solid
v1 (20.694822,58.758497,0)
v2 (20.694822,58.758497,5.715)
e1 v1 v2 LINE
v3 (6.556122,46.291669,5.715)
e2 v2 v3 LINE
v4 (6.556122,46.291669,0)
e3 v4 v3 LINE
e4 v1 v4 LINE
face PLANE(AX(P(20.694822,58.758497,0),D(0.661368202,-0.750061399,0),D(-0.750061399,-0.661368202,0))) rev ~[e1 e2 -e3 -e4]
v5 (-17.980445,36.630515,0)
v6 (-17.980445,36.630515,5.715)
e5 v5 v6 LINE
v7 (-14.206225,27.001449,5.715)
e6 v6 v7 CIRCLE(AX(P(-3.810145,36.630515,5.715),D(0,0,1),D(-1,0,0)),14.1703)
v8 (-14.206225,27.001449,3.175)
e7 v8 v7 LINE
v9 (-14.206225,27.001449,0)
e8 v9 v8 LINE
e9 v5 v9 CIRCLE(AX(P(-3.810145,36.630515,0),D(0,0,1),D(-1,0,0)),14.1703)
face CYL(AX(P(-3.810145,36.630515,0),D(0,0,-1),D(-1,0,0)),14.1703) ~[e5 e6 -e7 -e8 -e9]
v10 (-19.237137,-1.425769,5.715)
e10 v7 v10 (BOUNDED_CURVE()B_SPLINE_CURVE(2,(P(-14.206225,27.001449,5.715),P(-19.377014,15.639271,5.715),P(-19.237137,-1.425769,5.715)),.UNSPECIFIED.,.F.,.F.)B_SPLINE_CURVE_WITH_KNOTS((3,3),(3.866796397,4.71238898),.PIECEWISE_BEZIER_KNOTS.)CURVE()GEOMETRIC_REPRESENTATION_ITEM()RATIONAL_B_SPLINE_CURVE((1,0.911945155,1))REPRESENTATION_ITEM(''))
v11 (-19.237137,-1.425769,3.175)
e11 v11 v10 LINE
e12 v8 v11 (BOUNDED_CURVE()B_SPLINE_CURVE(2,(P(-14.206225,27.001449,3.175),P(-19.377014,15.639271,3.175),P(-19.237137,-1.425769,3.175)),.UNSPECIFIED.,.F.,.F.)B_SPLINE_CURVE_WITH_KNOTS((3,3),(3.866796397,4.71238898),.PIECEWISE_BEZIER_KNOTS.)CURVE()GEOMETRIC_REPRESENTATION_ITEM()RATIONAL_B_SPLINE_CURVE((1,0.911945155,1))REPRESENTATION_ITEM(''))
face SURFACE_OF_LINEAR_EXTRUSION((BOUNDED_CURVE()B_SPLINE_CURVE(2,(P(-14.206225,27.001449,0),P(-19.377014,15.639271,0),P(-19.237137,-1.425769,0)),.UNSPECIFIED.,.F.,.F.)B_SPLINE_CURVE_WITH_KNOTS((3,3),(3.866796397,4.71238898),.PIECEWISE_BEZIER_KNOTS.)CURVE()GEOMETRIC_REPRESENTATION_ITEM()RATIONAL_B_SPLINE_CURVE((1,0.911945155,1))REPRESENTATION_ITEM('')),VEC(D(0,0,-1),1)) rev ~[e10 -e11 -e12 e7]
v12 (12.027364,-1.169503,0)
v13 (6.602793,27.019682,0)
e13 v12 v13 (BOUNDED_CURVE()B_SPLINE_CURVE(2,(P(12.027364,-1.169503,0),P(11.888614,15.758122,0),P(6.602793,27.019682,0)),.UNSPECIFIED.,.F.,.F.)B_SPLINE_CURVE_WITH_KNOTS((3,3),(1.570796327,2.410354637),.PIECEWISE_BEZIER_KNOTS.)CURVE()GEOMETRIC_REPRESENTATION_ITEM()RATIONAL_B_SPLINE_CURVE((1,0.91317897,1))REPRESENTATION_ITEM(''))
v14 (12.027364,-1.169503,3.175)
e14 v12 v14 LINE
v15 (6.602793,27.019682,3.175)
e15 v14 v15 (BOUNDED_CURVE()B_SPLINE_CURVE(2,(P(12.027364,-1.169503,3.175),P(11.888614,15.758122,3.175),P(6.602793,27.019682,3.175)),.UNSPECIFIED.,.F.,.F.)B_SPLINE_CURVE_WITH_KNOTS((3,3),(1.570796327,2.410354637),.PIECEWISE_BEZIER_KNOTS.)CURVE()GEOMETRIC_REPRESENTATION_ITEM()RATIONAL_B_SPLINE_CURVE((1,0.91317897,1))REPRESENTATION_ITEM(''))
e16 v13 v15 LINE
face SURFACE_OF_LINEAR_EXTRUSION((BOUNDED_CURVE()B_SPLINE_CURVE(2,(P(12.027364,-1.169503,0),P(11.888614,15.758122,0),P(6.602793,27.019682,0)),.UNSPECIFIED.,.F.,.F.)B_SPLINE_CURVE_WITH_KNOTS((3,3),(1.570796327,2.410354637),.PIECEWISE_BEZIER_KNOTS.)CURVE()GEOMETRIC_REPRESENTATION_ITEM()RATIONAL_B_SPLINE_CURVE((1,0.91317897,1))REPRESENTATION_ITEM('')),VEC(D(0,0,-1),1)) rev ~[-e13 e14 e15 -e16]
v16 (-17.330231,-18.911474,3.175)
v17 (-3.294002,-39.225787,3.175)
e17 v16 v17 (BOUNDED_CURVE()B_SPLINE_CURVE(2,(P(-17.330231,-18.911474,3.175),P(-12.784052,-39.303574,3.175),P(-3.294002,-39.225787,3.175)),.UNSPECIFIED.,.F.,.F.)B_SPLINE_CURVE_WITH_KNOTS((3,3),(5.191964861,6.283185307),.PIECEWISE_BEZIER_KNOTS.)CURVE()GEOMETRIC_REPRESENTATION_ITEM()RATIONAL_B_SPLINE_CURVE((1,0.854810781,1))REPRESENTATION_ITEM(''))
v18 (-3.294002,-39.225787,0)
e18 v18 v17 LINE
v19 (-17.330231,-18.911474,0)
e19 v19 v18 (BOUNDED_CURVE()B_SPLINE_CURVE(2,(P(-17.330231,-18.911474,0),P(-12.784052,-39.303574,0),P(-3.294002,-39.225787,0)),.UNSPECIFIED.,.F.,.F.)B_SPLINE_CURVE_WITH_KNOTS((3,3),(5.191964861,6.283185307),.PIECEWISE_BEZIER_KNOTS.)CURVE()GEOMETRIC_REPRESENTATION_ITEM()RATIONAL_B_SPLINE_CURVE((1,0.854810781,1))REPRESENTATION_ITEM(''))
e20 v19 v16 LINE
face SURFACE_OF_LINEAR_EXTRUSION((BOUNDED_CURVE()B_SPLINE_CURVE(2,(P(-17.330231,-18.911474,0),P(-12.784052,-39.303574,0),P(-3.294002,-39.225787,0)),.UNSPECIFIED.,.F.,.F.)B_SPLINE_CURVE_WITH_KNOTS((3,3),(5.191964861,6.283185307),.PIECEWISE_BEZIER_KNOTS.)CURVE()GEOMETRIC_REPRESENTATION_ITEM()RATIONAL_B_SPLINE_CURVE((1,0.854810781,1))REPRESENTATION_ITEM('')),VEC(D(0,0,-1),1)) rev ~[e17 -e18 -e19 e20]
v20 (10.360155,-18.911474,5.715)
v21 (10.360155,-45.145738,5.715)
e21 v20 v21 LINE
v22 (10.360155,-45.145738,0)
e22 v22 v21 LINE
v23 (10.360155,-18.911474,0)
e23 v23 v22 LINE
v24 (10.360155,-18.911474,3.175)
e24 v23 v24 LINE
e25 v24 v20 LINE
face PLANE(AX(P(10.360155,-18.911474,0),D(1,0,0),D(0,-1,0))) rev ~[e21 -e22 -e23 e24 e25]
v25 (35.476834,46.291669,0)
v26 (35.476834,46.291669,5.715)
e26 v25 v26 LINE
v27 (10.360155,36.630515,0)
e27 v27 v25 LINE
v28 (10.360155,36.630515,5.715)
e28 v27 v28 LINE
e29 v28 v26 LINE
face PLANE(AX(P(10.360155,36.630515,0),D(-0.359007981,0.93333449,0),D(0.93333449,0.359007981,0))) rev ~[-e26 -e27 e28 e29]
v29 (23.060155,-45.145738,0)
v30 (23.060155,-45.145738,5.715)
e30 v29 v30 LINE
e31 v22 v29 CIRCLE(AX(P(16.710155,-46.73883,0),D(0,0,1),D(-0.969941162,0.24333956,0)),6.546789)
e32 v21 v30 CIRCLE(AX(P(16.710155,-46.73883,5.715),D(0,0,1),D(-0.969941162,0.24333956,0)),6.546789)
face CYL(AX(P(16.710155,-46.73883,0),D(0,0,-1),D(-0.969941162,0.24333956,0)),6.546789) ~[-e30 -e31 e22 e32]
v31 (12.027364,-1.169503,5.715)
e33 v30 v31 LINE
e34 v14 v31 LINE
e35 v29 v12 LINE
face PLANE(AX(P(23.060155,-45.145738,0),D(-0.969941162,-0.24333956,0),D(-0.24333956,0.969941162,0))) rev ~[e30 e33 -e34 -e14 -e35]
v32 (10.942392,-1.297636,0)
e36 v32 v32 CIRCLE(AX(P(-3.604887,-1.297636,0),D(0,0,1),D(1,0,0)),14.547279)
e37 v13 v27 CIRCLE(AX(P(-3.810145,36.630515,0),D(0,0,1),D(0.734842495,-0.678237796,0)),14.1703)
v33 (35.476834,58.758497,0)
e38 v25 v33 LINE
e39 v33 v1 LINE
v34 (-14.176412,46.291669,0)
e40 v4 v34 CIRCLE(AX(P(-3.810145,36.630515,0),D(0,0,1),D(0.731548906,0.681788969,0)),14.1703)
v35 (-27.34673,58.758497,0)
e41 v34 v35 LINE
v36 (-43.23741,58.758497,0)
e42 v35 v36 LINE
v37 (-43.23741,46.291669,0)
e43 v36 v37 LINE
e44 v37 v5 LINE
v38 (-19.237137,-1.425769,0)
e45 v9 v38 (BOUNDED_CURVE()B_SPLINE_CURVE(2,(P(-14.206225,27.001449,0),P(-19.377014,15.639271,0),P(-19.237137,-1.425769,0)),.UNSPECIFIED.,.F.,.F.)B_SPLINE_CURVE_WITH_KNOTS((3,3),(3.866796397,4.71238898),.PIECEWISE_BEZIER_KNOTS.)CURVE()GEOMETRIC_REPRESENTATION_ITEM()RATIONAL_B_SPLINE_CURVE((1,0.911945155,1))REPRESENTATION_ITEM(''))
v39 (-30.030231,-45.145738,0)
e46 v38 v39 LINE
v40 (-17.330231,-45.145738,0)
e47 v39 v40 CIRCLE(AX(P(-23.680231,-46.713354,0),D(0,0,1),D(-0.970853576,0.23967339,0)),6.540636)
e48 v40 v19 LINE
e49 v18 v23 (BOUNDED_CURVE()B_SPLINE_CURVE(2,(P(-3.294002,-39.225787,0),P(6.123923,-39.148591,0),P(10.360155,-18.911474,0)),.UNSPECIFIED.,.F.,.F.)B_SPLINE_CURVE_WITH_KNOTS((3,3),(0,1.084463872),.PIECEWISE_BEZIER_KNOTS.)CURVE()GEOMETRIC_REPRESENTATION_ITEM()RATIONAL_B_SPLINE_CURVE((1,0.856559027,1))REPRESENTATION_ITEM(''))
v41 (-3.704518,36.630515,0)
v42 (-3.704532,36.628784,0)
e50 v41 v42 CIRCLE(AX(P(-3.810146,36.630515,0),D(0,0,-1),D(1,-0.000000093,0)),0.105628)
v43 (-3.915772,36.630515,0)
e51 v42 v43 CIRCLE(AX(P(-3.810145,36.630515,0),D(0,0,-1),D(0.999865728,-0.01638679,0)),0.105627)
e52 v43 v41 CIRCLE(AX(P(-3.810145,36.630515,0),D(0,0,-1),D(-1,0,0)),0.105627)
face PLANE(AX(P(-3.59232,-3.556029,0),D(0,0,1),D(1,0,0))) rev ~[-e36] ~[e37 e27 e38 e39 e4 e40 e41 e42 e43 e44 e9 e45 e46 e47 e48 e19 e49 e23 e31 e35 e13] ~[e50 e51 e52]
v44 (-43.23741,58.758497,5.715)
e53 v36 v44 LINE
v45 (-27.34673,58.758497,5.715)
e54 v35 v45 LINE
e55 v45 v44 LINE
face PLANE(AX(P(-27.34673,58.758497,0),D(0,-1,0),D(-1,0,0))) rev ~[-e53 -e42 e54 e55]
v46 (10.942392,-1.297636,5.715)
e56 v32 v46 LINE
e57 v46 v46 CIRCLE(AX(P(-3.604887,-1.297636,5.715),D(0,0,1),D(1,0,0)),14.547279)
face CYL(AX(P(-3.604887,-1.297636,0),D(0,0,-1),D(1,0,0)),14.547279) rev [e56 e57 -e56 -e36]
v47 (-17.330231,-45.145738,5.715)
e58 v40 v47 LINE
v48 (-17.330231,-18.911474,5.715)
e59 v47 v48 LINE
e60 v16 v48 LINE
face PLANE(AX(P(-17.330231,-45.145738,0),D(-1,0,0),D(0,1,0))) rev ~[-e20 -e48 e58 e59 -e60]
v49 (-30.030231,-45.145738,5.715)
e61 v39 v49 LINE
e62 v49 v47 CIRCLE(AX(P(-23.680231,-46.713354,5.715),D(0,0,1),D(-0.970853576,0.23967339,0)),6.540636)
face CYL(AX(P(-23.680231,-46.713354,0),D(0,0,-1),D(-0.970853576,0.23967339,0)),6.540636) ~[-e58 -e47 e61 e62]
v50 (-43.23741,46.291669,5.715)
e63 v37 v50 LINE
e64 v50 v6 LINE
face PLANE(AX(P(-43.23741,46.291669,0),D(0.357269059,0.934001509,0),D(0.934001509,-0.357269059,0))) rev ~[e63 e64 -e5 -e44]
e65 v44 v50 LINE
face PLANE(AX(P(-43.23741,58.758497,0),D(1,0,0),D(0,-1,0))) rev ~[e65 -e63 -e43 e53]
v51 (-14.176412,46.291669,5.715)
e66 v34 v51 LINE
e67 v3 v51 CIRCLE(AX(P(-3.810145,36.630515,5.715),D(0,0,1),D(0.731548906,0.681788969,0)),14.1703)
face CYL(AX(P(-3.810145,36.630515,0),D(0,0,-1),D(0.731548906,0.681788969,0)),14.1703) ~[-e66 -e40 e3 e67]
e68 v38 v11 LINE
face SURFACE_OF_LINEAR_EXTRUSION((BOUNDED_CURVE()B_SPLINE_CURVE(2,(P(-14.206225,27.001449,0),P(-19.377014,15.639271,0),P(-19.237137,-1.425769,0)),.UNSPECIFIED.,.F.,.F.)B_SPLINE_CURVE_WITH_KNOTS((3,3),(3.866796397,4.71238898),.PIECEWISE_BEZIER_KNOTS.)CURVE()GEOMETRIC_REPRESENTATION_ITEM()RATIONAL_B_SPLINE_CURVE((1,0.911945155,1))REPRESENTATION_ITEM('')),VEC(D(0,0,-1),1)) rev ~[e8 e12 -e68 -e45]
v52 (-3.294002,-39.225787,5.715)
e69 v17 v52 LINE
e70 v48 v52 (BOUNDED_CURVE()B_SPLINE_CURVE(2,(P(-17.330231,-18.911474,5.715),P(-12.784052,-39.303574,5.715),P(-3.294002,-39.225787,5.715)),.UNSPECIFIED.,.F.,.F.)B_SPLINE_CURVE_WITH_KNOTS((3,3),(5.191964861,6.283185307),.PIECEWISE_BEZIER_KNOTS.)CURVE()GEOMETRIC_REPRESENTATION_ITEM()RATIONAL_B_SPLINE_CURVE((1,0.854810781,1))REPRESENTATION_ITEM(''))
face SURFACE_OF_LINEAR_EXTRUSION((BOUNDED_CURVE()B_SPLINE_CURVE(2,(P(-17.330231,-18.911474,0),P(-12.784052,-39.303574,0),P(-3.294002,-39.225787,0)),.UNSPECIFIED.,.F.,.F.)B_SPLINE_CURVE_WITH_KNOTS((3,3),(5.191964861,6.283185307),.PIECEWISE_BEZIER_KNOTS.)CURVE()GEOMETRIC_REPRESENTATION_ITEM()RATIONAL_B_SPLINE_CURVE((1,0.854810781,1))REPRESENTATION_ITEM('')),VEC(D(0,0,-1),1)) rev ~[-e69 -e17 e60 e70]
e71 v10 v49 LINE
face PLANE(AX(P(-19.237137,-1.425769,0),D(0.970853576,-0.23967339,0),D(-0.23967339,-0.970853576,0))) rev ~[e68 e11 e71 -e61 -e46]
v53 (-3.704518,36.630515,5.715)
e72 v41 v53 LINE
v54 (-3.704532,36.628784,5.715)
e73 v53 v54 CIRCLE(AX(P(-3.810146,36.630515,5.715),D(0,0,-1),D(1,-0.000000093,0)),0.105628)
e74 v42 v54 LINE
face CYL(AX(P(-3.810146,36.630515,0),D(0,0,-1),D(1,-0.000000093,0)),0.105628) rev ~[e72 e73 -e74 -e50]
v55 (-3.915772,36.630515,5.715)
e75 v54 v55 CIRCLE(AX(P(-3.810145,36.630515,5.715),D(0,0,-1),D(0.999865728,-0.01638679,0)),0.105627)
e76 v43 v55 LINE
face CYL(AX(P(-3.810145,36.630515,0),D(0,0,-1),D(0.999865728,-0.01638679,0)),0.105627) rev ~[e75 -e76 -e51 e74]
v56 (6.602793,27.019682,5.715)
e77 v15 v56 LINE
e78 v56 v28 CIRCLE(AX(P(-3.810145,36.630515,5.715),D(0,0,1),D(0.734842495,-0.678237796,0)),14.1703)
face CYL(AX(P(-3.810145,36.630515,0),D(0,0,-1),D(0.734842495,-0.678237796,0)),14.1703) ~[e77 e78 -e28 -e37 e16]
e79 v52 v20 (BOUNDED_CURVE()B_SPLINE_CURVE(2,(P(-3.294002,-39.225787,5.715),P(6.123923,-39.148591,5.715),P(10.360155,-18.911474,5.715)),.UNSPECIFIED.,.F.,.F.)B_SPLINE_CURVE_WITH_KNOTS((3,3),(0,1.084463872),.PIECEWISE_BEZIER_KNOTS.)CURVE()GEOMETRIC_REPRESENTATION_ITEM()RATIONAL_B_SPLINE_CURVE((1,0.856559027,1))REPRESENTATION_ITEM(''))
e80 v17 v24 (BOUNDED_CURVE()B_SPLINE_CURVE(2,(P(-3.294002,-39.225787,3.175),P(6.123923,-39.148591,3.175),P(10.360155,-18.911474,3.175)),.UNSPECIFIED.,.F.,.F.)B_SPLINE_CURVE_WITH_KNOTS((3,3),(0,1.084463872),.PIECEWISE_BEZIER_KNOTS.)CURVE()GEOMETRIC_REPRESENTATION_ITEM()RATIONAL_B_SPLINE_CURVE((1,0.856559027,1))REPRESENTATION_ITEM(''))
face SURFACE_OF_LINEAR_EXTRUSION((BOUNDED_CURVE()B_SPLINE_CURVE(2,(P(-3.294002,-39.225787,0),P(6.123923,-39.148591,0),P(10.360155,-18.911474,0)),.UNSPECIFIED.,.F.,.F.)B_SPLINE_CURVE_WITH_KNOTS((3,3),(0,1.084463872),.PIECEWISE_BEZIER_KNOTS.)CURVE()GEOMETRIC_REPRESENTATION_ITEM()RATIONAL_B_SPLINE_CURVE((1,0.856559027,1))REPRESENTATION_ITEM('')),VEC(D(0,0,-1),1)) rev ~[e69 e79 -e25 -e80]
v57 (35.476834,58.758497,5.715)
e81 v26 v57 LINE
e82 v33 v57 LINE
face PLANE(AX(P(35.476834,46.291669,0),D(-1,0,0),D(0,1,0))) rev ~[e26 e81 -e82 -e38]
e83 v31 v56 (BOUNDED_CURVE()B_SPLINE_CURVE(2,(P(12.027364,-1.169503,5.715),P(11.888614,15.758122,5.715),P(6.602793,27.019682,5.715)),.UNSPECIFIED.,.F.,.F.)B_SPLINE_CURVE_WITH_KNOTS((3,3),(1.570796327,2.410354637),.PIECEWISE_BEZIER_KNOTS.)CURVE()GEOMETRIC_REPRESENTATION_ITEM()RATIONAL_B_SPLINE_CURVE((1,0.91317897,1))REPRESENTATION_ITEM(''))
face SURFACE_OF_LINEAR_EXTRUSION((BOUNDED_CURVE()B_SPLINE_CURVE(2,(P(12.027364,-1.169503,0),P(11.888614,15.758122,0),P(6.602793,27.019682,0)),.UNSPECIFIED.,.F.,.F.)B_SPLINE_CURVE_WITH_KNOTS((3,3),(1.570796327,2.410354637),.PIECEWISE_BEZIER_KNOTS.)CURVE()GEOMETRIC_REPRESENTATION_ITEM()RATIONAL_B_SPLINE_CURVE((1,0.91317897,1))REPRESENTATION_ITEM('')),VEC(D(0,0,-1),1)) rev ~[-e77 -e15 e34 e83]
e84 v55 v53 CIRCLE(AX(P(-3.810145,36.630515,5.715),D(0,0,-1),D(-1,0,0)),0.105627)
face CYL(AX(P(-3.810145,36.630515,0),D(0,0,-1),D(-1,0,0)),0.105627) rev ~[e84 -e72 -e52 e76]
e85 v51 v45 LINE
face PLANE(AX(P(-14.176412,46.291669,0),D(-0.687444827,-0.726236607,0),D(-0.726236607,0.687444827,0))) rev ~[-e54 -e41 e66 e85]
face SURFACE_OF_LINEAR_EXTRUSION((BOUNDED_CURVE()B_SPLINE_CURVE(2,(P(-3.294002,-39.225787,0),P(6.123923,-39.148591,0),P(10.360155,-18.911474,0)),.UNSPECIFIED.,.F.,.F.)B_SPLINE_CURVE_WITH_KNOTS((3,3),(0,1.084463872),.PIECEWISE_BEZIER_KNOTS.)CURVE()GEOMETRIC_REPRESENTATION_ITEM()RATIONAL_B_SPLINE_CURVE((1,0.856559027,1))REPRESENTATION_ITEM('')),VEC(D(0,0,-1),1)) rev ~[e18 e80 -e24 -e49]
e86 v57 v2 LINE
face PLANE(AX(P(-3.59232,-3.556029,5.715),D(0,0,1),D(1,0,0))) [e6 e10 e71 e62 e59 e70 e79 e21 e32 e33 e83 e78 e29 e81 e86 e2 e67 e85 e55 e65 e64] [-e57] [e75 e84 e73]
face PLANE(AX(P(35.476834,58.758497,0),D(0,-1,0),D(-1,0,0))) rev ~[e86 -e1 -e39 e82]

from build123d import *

# Parameters (mm, degrees)
F0_R     = 14.5472790553
F1_DEPTH = 3.175
F2_DEPTH = 5.715


with BuildPart() as f1:
    # F0 (on Top) → F1 (new body)
    with BuildSketch(Plane.XY):
        with BuildLine():
            add(Edge.make_bspline(
                [(-17.3302307441, -18.9114744135), (-12.7840517895, -39.3035737815), (-3.2940015008, -39.2257868182)],
                knots=[5.1919648614, 5.1919648614, 5.1919648614, 6.2831853072, 6.2831853072, 6.2831853072], degree=2, weights=[1, 0.854810781, 1]))
            add(Edge.make_bspline(
                [(-3.2940015008, -39.2257868182), (6.123923112, -39.1485910465), (10.3601545856, -18.9114744135)],
                knots=[0, 0, 0, 1.0844638725, 1.0844638725, 1.0844638725], degree=2, weights=[1, 0.8565590272, 1]))
            add(Edge.make_bspline(
                [(10.3601545856, -18.9114744135), (12.1044870422, -10.5785351982), (12.0273641605, -1.1695031996)],
                knots=[1.0844638725, 1.0844638725, 1.0844638725, 1.5707963268, 1.5707963268, 1.5707963268], degree=2, weights=[1, 0.9705804868, 1]))
            add(Edge.make_bspline(
                [(12.0273641605, -1.1695031996), (11.88861373, 15.7581220548), (6.6027932897, 27.0196823223)],
                knots=[1.5707963268, 1.5707963268, 1.5707963268, 2.4103546369, 2.4103546369, 2.4103546369], degree=2, weights=[1, 0.9131789699, 1]))
            ThreePointArc((6.6027932897, 27.0196823223), (-3.7977289586, 22.4602209118), (-14.2062252861, 27.0014493351))
            add(Edge.make_bspline(
                [(-14.2062252861, 27.0014493351), (-19.3770142282, 15.6392708689), (-19.2371374573, -1.4257685052)],
                knots=[3.8667963971, 3.8667963971, 3.8667963971, 4.7123889804, 4.7123889804, 4.7123889804], degree=2, weights=[1, 0.9119451548, 1]))
            add(Edge.make_bspline(
                [(-19.2371374573, -1.4257685052), (-19.1611285396, -10.6988963006), (-17.3302307441, -18.9114744135)],
                knots=[4.7123889804, 4.7123889804, 4.7123889804, 5.1919648614, 5.1919648614, 5.1919648614], degree=2, weights=[1, 0.9713883601, 1]))
        make_face()
        with Locations((-3.6048866484, -1.2976358524)):
            Circle(F0_R, mode=Mode.SUBTRACT)
    extrude(amount=F1_DEPTH)

    # F0 (on Top) → F2 (join)
    with BuildSketch(Plane.XY):
        with BuildLine():
            add(Edge.make_bspline(
                [(-17.3302307441, -18.9114744135), (-12.7840517895, -39.3035737815), (-3.2940015008, -39.2257868182)],
                knots=[5.1919648614, 5.1919648614, 5.1919648614, 6.2831853072, 6.2831853072, 6.2831853072], degree=2, weights=[1, 0.854810781, 1]))
            add(Edge.make_bspline(
                [(-3.2940015008, -39.2257868182), (6.123923112, -39.1485910465), (10.3601545856, -18.9114744135)],
                knots=[0, 0, 0, 1.0844638725, 1.0844638725, 1.0844638725], degree=2, weights=[1, 0.8565590272, 1]))
            add(Edge.make_bspline(
                [(10.3601545856, -18.9114744135), (12.1044870422, -10.5785351982), (12.0273641605, -1.1695031996)],
                knots=[1.0844638725, 1.0844638725, 1.0844638725, 1.5707963268, 1.5707963268, 1.5707963268], degree=2, weights=[1, 0.9705804868, 1]))
            add(Edge.make_bspline(
                [(12.0273641605, -1.1695031996), (11.88861373, 15.7581220548), (6.6027932897, 27.0196823223)],
                knots=[1.5707963268, 1.5707963268, 1.5707963268, 2.4103546369, 2.4103546369, 2.4103546369], degree=2, weights=[1, 0.9131789699, 1]))
            ThreePointArc((6.6027932897, 27.0196823223), (-3.7977289586, 22.4602209118), (-14.2062252861, 27.0014493351))
            add(Edge.make_bspline(
                [(-14.2062252861, 27.0014493351), (-19.3770142282, 15.6392708689), (-19.2371374573, -1.4257685052)],
                knots=[3.8667963971, 3.8667963971, 3.8667963971, 4.7123889804, 4.7123889804, 4.7123889804], degree=2, weights=[1, 0.9119451548, 1]))
            add(Edge.make_bspline(
                [(-19.2371374573, -1.4257685052), (-19.1611285396, -10.6988963006), (-17.3302307441, -18.9114744135)],
                knots=[4.7123889804, 4.7123889804, 4.7123889804, 5.1919648614, 5.1919648614, 5.1919648614], degree=2, weights=[1, 0.9713883601, 1]))
        make_face()
        with Locations((-3.6048866484, -1.2976358524)):
            Circle(F0_R, mode=Mode.SUBTRACT)
        with BuildLine():
            add(Edge.make_bspline(
                [(10.3601545856, -18.9114744135), (12.1044870422, -10.5785351982), (12.0273641605, -1.1695031996)],
                knots=[1.0844638725, 1.0844638725, 1.0844638725, 1.5707963268, 1.5707963268, 1.5707963268], degree=2, weights=[1, 0.9705804868, 1]))
            Line((10.3601545856, -18.9114744135), (10.3601545856, -45.1457377323))
            Line((10.3601545856, -45.1457377323), (23.0601545856, -45.1457377323))
            Line((23.0601545856, -45.1457377323), (12.0273641605, -1.1695031996))
        make_face()
        with BuildLine():
            Line((-17.3302307441, -45.1457377323), (-17.3302307441, -18.9114744135))
            add(Edge.make_bspline(
                [(-19.2371374573, -1.4257685052), (-19.1611285396, -10.6988963006), (-17.3302307441, -18.9114744135)],
                knots=[4.7123889804, 4.7123889804, 4.7123889804, 5.1919648614, 5.1919648614, 5.1919648614], degree=2, weights=[1, 0.9713883601, 1]))
            Line((-19.2371374573, -1.4257685052), (-30.0302307441, -45.1457377323))
            Line((-30.0302307441, -45.1457377323), (-17.3302307441, -45.1457377323))
        make_face()
        with BuildLine():
            Line((23.0601545856, -45.1457377323), (10.3601545856, -45.1457377323))
            ThreePointArc((10.3601545856, -45.1457377323), (16.7101545856, -53.2856193183), (23.0601545856, -45.1457377323))
        make_face()
        with BuildLine():
            ThreePointArc((-30.0302307441, -45.1457377323), (-23.6802307441, -53.2539903225), (-17.3302307441, -45.1457377323))
            Line((-17.3302307441, -45.1457377323), (-30.0302307441, -45.1457377323))
        make_face()
        with BuildLine():
            ThreePointArc((-14.2062252861, 27.0014493351), (-3.7977289586, 22.4602209118), (6.6027932897, 27.0196823223))
            add(Edge.make_bspline(
                [(6.6027932897, 27.0196823223), (2.1602516195, 36.4846180548), (-3.704532498, 36.6287842303)],
                knots=[2.4103546369, 2.4103546369, 2.4103546369, 3.1280810135, 3.1280810135, 3.1280810135], degree=2, weights=[1, 0.9362966883, 1]))
            ThreePointArc((-3.704532498, 36.6287842303), (-3.8110105262, 36.5248919189), (-3.9157717959, 36.6305151135))
            add(Edge.make_bspline(
                [(-3.9157717959, 36.6305151135), (-9.8462768465, 36.5819046252), (-14.2062252861, 27.0014493351)],
                knots=[3.1415926536, 3.1415926536, 3.1415926536, 3.8667963971, 3.8667963971, 3.8667963971], degree=2, weights=[1, 0.9349770844, 1]))
        make_face()
        with BuildLine():
            add(Edge.make_bspline(
                [(6.6027932897, 27.0196823223), (2.1602516195, 36.4846180548), (-3.704532498, 36.6287842303)],
                knots=[2.4103546369, 2.4103546369, 2.4103546369, 3.1280810135, 3.1280810135, 3.1280810135], degree=2, weights=[1, 0.9362966883, 1]))
            ThreePointArc((6.6027932897, 27.0196823223), (9.387427608, 31.4709155445), (10.3601545856, 36.6305151135))
            ThreePointArc((10.3601545856, 36.6305151135), (9.3748938948, 41.8220601436), (6.55612214, 46.2916691))
            ThreePointArc((6.55612214, 46.2916691), (-3.8101450556, 50.8008147547), (-14.1764122512, 46.2916691))
            ThreePointArc((-14.1764122512, 46.2916691), (-16.9951840059, 41.8220601436), (-17.9804446968, 36.6305151135))
            ThreePointArc((-17.9804446968, 36.6305151135), (-17.0031917826, 31.459353737), (-14.2062252861, 27.0014493351))
            add(Edge.make_bspline(
                [(-3.9157717959, 36.6305151135), (-9.8462768465, 36.5819046252), (-14.2062252861, 27.0014493351)],
                knots=[3.1415926536, 3.1415926536, 3.1415926536, 3.8667963971, 3.8667963971, 3.8667963971], degree=2, weights=[1, 0.9349770844, 1]))
            ThreePointArc((-3.9157717959, 36.6305151135), (-3.8101450556, 36.7361418538), (-3.7045183152, 36.6305151135))
            ThreePointArc((-3.7045183152, 36.6305151135), (-3.704521861, 36.6296496428), (-3.704532498, 36.6287842303))
        make_face()
        with BuildLine():
            ThreePointArc((6.55612214, 46.2916691), (9.3748938948, 41.8220601436), (10.3601545856, 36.6305151135))
            Line((10.3601545856, 36.6305151135), (35.4768335819, 46.2916691))
            Line((35.4768335819, 46.2916691), (35.4768335819, 58.7584972382))
            Line((35.4768335819, 58.7584972382), (20.6948220729, 58.7584972382))
            Line((20.6948220729, 58.7584972382), (6.55612214, 46.2916691))
        make_face()
        with BuildLine():
            Line((-43.2374104858, 46.2916691), (-17.9804446968, 36.6305151135))
            ThreePointArc((-17.9804446968, 36.6305151135), (-16.9951840059, 41.8220601436), (-14.1764122512, 46.2916691))
            Line((-14.1764122512, 46.2916691), (-27.3467302323, 58.7584972382))
            Line((-27.3467302323, 58.7584972382), (-43.2374104858, 58.7584972382))
            Line((-43.2374104858, 58.7584972382), (-43.2374104858, 46.2916691))
        make_face()
    extrude(amount=F2_DEPTH)


solid = f1.part
